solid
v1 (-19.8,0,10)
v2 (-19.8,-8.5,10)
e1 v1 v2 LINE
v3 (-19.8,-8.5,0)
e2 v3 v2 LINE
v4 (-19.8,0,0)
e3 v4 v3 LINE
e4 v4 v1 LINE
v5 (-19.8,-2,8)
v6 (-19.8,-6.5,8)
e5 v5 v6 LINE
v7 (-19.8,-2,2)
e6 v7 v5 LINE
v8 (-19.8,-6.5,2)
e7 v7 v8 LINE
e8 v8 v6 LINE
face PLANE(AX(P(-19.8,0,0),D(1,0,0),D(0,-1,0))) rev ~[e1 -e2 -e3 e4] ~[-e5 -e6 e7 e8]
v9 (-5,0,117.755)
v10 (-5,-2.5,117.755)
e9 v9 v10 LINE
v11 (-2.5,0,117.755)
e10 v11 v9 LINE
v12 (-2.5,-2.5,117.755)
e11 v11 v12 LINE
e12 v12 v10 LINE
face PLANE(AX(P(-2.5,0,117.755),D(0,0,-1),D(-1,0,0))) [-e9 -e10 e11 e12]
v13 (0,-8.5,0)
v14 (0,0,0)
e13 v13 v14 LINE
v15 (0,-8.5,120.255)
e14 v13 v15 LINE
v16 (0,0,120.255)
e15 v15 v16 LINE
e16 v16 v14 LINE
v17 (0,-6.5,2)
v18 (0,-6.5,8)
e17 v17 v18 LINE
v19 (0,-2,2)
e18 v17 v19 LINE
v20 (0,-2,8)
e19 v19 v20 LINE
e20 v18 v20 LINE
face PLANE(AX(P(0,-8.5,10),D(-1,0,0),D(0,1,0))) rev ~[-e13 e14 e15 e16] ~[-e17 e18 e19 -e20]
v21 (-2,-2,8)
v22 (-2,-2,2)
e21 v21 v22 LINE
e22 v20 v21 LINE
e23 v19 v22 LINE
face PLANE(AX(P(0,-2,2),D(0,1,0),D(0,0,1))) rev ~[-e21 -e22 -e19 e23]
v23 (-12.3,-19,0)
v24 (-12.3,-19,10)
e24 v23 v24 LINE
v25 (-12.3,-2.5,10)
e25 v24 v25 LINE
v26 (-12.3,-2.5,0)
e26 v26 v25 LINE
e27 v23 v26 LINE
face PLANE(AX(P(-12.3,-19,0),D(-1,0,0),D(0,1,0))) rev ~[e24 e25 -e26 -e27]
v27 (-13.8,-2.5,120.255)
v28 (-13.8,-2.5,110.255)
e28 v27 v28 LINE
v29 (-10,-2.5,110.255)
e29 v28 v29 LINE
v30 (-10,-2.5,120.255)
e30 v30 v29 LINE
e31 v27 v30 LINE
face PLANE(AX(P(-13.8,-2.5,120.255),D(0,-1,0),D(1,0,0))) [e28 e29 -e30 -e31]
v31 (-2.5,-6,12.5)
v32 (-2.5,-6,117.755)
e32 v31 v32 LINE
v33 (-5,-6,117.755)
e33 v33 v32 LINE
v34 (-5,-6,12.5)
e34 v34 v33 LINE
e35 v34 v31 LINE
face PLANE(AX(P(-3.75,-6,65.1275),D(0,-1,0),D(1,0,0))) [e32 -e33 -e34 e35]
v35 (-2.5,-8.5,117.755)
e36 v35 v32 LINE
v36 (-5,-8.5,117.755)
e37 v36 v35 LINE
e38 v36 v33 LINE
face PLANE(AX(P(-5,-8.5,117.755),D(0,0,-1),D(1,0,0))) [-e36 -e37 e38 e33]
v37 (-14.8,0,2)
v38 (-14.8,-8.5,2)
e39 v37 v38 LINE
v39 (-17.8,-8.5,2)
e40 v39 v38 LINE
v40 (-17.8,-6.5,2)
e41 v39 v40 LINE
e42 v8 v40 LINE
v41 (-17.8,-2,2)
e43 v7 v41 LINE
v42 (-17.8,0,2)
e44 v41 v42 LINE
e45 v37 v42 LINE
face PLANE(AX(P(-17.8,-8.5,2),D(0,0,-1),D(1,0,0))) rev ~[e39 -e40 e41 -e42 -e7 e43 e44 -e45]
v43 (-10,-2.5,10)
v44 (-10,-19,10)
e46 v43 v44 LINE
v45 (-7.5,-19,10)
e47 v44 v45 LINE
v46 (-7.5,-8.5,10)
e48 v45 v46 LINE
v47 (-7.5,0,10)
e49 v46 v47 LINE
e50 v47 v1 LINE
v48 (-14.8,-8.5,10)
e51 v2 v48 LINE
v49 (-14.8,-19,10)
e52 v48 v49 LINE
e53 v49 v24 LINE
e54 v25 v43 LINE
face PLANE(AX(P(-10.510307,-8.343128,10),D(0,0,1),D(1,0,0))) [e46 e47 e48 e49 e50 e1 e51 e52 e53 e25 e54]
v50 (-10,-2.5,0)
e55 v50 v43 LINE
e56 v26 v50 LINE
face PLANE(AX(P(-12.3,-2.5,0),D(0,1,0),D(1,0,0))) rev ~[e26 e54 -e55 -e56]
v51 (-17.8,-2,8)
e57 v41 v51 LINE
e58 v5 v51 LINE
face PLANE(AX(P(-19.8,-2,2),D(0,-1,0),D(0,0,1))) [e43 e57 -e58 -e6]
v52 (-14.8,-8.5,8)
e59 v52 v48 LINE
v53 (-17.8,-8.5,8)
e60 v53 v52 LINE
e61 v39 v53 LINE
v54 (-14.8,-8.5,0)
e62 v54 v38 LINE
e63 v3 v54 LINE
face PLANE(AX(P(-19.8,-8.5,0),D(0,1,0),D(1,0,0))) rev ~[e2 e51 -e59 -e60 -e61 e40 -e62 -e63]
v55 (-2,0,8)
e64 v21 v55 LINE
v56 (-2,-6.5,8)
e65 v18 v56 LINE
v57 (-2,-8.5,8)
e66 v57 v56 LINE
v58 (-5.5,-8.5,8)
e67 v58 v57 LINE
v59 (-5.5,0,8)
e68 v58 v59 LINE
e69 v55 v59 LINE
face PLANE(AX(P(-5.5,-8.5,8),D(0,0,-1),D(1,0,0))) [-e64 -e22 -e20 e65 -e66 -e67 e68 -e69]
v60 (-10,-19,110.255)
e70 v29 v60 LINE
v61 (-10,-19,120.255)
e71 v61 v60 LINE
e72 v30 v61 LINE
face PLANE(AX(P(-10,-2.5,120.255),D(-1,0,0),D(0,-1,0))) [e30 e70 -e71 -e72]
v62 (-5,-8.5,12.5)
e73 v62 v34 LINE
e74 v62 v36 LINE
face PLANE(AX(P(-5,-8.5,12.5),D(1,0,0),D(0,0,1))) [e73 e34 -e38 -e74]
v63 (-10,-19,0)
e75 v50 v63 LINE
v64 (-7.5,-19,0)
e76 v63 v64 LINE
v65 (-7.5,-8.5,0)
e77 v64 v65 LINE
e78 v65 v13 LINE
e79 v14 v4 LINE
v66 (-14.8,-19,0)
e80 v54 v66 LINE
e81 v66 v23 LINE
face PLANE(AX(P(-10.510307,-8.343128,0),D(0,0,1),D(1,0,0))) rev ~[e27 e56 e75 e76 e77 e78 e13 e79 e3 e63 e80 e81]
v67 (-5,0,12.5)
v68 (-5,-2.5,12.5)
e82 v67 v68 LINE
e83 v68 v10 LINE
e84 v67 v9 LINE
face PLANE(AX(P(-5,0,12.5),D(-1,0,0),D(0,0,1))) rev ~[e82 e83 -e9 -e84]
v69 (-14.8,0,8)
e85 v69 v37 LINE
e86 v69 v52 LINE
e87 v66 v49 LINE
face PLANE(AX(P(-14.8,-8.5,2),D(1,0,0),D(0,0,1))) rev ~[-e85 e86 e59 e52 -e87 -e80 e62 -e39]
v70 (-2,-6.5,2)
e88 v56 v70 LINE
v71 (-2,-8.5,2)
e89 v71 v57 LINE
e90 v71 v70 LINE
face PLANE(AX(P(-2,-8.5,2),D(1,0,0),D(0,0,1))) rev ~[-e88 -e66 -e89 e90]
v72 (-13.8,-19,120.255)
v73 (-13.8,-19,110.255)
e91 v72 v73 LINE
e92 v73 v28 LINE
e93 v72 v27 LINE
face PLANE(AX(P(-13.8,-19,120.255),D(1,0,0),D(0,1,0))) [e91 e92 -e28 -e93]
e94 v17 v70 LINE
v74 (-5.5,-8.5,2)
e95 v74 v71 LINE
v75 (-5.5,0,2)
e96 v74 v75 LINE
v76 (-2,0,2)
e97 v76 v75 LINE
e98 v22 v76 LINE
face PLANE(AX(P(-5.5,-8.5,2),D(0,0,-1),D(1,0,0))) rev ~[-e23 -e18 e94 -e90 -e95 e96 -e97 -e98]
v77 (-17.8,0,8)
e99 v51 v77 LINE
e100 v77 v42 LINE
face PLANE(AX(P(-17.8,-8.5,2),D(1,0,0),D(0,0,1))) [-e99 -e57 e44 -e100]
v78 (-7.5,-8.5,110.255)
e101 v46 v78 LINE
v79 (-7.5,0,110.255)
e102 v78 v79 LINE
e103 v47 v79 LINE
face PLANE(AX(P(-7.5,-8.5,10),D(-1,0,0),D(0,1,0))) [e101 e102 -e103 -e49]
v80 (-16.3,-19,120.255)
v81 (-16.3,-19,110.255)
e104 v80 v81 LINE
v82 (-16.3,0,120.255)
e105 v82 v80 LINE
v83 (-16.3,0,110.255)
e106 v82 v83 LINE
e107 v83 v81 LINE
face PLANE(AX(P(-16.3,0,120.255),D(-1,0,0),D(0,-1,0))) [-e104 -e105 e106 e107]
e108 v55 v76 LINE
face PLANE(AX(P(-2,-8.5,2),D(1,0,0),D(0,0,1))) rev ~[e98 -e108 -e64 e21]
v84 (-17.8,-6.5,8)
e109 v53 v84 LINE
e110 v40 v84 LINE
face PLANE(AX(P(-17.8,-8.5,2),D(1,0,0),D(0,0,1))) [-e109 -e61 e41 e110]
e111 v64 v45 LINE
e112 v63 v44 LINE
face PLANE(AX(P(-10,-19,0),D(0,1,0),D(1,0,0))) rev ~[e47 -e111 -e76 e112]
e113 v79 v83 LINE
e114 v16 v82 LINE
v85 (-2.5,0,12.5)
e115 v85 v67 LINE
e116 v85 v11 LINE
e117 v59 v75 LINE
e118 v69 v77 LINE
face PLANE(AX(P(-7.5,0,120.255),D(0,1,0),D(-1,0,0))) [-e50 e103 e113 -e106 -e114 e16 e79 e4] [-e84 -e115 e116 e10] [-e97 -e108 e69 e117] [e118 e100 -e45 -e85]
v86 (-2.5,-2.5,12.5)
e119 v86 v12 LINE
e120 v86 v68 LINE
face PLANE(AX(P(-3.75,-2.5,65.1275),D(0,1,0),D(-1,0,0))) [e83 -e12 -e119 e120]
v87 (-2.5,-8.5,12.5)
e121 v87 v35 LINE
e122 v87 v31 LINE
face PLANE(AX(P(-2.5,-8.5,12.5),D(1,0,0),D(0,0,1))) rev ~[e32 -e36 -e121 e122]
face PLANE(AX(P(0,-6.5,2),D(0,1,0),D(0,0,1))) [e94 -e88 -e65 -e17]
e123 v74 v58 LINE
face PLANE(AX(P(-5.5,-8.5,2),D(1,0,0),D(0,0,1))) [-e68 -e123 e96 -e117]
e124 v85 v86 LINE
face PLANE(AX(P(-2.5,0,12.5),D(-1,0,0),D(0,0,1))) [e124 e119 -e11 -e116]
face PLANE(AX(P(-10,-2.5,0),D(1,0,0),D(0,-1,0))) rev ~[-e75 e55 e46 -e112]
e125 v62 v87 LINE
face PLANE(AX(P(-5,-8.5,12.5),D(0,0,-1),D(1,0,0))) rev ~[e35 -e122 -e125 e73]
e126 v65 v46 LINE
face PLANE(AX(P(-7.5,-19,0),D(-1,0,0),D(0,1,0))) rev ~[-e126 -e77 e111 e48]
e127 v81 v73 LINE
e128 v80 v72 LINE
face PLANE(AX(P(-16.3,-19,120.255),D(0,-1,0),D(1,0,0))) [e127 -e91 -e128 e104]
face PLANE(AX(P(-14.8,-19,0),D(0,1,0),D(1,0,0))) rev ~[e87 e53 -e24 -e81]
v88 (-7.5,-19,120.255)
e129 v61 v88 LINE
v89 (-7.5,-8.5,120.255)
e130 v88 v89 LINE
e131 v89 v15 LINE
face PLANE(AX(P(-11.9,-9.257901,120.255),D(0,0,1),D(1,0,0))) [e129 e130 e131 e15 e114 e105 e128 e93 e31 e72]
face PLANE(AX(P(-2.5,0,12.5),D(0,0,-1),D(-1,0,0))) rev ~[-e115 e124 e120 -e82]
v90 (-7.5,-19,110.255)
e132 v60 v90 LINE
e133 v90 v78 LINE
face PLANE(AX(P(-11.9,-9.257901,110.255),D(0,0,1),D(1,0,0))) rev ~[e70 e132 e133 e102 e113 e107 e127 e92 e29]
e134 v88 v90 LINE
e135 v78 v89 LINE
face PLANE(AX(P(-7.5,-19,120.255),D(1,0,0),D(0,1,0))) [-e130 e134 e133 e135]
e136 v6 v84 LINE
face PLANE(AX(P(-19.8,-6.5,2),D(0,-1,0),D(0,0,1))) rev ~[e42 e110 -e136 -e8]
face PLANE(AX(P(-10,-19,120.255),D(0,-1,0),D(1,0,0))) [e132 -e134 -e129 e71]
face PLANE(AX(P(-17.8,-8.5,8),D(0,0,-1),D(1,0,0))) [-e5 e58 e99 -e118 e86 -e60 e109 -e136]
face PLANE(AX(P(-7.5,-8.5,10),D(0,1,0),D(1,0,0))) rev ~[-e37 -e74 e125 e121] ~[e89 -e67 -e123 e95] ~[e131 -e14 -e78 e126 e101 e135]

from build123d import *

# Parameters (mm, degrees)
F1_DEPTH  = 10
F2_W      = 7.5
F2_H      = 8.5
F3_DEPTH  = 110.255
F5_DEPTH  = 10
F6_W      = 4.5
F6_H      = 6
F7_DEPTH  = 5
F8_W      = 3
F8_H      = 6
F9_DEPTH  = 8.501
F10_W     = 4.5
F10_H     = 6
F11_DEPTH = 5
F12_W     = 3.5
F12_H     = 6
F13_DEPTH = 8.501
F14_W     = 2.5
F14_H     = 105.255
F15_DEPTH = 2.5
F16_W     = 2.5
F16_H     = 105.255
F17_DEPTH = 2.5


with BuildPart() as f1:
    # F0 (on Top) → F1 (new body)
    with BuildSketch(Plane.XY):
        Polygon((0, -8.5), (0, 0), (-19.8, 0), (-19.8, -8.5), (-14.8, -8.5), (-14.8, -19), (-12.3, -19), (-12.3, -2.5), (-10, -2.5), (-10, -19), (-7.5, -19), (-7.5, -8.5), align=None)
    extrude(amount=F1_DEPTH)

    # F2 (on face) → F3 (join)
    with BuildSketch(Plane.XY.offset(10)):
        with Locations((-3.75, -4.25)):
            Rectangle(F2_W, F2_H)
    extrude(amount=F3_DEPTH)

    # F4 (on face) → F5 (join)
    with BuildSketch(Plane.XY.offset(120.255)):
        Polygon((-7.5, -19), (-7.5, 0), (-16.3, 0), (-16.3, -19), (-13.8, -19), (-13.8, -2.5), (-10, -2.5), (-10, -19), align=None)
    extrude(amount=-F5_DEPTH)

    # F6 (on face) → F7 (cut, through all)
    with BuildSketch(Plane(origin=(-19.8, 0, 0), x_dir=(0, -1, 0), z_dir=(-1, 0, 0))):
        with Locations((4.25, 5)):
            Rectangle(F6_W, F6_H)
    extrude(amount=-F7_DEPTH, mode=Mode.SUBTRACT)

    # F8 (on face) → F9 (cut, through all)
    with BuildSketch(Plane.XZ.offset(8.5)):
        with Locations((-16.3, 5)):
            Rectangle(F8_W, F8_H)
    extrude(amount=-F9_DEPTH, mode=Mode.SUBTRACT)

    # F10 (on face) → F11 (cut)
    with BuildSketch(Plane.YZ):
        with Locations((-4.25, 5)):
            Rectangle(F10_W, F10_H)
    extrude(amount=-F11_DEPTH, mode=Mode.SUBTRACT)

    # F12 (on face) → F13 (cut, through all)
    with BuildSketch(Plane.XZ.offset(8.5)):
        with Locations((-3.75, 5)):
            Rectangle(F12_W, F12_H)
    extrude(amount=-F13_DEPTH, mode=Mode.SUBTRACT)

    # F14 (on face) → F15 (cut)
    with BuildSketch(Plane(origin=(0, 0, 0), x_dir=(-1, 0, 0), z_dir=(0, 1, 0))):
        with Locations((3.75, 65.1275)):
            Rectangle(F14_W, F14_H)
    extrude(amount=-F15_DEPTH, mode=Mode.SUBTRACT)

    # F16 (on face) → F17 (cut)
    with BuildSketch(Plane.XZ.offset(8.5)):
        with Locations((-3.75, 65.1275)):
            Rectangle(F16_W, F16_H)
    extrude(amount=-F17_DEPTH, mode=Mode.SUBTRACT)


solid = f1.part
